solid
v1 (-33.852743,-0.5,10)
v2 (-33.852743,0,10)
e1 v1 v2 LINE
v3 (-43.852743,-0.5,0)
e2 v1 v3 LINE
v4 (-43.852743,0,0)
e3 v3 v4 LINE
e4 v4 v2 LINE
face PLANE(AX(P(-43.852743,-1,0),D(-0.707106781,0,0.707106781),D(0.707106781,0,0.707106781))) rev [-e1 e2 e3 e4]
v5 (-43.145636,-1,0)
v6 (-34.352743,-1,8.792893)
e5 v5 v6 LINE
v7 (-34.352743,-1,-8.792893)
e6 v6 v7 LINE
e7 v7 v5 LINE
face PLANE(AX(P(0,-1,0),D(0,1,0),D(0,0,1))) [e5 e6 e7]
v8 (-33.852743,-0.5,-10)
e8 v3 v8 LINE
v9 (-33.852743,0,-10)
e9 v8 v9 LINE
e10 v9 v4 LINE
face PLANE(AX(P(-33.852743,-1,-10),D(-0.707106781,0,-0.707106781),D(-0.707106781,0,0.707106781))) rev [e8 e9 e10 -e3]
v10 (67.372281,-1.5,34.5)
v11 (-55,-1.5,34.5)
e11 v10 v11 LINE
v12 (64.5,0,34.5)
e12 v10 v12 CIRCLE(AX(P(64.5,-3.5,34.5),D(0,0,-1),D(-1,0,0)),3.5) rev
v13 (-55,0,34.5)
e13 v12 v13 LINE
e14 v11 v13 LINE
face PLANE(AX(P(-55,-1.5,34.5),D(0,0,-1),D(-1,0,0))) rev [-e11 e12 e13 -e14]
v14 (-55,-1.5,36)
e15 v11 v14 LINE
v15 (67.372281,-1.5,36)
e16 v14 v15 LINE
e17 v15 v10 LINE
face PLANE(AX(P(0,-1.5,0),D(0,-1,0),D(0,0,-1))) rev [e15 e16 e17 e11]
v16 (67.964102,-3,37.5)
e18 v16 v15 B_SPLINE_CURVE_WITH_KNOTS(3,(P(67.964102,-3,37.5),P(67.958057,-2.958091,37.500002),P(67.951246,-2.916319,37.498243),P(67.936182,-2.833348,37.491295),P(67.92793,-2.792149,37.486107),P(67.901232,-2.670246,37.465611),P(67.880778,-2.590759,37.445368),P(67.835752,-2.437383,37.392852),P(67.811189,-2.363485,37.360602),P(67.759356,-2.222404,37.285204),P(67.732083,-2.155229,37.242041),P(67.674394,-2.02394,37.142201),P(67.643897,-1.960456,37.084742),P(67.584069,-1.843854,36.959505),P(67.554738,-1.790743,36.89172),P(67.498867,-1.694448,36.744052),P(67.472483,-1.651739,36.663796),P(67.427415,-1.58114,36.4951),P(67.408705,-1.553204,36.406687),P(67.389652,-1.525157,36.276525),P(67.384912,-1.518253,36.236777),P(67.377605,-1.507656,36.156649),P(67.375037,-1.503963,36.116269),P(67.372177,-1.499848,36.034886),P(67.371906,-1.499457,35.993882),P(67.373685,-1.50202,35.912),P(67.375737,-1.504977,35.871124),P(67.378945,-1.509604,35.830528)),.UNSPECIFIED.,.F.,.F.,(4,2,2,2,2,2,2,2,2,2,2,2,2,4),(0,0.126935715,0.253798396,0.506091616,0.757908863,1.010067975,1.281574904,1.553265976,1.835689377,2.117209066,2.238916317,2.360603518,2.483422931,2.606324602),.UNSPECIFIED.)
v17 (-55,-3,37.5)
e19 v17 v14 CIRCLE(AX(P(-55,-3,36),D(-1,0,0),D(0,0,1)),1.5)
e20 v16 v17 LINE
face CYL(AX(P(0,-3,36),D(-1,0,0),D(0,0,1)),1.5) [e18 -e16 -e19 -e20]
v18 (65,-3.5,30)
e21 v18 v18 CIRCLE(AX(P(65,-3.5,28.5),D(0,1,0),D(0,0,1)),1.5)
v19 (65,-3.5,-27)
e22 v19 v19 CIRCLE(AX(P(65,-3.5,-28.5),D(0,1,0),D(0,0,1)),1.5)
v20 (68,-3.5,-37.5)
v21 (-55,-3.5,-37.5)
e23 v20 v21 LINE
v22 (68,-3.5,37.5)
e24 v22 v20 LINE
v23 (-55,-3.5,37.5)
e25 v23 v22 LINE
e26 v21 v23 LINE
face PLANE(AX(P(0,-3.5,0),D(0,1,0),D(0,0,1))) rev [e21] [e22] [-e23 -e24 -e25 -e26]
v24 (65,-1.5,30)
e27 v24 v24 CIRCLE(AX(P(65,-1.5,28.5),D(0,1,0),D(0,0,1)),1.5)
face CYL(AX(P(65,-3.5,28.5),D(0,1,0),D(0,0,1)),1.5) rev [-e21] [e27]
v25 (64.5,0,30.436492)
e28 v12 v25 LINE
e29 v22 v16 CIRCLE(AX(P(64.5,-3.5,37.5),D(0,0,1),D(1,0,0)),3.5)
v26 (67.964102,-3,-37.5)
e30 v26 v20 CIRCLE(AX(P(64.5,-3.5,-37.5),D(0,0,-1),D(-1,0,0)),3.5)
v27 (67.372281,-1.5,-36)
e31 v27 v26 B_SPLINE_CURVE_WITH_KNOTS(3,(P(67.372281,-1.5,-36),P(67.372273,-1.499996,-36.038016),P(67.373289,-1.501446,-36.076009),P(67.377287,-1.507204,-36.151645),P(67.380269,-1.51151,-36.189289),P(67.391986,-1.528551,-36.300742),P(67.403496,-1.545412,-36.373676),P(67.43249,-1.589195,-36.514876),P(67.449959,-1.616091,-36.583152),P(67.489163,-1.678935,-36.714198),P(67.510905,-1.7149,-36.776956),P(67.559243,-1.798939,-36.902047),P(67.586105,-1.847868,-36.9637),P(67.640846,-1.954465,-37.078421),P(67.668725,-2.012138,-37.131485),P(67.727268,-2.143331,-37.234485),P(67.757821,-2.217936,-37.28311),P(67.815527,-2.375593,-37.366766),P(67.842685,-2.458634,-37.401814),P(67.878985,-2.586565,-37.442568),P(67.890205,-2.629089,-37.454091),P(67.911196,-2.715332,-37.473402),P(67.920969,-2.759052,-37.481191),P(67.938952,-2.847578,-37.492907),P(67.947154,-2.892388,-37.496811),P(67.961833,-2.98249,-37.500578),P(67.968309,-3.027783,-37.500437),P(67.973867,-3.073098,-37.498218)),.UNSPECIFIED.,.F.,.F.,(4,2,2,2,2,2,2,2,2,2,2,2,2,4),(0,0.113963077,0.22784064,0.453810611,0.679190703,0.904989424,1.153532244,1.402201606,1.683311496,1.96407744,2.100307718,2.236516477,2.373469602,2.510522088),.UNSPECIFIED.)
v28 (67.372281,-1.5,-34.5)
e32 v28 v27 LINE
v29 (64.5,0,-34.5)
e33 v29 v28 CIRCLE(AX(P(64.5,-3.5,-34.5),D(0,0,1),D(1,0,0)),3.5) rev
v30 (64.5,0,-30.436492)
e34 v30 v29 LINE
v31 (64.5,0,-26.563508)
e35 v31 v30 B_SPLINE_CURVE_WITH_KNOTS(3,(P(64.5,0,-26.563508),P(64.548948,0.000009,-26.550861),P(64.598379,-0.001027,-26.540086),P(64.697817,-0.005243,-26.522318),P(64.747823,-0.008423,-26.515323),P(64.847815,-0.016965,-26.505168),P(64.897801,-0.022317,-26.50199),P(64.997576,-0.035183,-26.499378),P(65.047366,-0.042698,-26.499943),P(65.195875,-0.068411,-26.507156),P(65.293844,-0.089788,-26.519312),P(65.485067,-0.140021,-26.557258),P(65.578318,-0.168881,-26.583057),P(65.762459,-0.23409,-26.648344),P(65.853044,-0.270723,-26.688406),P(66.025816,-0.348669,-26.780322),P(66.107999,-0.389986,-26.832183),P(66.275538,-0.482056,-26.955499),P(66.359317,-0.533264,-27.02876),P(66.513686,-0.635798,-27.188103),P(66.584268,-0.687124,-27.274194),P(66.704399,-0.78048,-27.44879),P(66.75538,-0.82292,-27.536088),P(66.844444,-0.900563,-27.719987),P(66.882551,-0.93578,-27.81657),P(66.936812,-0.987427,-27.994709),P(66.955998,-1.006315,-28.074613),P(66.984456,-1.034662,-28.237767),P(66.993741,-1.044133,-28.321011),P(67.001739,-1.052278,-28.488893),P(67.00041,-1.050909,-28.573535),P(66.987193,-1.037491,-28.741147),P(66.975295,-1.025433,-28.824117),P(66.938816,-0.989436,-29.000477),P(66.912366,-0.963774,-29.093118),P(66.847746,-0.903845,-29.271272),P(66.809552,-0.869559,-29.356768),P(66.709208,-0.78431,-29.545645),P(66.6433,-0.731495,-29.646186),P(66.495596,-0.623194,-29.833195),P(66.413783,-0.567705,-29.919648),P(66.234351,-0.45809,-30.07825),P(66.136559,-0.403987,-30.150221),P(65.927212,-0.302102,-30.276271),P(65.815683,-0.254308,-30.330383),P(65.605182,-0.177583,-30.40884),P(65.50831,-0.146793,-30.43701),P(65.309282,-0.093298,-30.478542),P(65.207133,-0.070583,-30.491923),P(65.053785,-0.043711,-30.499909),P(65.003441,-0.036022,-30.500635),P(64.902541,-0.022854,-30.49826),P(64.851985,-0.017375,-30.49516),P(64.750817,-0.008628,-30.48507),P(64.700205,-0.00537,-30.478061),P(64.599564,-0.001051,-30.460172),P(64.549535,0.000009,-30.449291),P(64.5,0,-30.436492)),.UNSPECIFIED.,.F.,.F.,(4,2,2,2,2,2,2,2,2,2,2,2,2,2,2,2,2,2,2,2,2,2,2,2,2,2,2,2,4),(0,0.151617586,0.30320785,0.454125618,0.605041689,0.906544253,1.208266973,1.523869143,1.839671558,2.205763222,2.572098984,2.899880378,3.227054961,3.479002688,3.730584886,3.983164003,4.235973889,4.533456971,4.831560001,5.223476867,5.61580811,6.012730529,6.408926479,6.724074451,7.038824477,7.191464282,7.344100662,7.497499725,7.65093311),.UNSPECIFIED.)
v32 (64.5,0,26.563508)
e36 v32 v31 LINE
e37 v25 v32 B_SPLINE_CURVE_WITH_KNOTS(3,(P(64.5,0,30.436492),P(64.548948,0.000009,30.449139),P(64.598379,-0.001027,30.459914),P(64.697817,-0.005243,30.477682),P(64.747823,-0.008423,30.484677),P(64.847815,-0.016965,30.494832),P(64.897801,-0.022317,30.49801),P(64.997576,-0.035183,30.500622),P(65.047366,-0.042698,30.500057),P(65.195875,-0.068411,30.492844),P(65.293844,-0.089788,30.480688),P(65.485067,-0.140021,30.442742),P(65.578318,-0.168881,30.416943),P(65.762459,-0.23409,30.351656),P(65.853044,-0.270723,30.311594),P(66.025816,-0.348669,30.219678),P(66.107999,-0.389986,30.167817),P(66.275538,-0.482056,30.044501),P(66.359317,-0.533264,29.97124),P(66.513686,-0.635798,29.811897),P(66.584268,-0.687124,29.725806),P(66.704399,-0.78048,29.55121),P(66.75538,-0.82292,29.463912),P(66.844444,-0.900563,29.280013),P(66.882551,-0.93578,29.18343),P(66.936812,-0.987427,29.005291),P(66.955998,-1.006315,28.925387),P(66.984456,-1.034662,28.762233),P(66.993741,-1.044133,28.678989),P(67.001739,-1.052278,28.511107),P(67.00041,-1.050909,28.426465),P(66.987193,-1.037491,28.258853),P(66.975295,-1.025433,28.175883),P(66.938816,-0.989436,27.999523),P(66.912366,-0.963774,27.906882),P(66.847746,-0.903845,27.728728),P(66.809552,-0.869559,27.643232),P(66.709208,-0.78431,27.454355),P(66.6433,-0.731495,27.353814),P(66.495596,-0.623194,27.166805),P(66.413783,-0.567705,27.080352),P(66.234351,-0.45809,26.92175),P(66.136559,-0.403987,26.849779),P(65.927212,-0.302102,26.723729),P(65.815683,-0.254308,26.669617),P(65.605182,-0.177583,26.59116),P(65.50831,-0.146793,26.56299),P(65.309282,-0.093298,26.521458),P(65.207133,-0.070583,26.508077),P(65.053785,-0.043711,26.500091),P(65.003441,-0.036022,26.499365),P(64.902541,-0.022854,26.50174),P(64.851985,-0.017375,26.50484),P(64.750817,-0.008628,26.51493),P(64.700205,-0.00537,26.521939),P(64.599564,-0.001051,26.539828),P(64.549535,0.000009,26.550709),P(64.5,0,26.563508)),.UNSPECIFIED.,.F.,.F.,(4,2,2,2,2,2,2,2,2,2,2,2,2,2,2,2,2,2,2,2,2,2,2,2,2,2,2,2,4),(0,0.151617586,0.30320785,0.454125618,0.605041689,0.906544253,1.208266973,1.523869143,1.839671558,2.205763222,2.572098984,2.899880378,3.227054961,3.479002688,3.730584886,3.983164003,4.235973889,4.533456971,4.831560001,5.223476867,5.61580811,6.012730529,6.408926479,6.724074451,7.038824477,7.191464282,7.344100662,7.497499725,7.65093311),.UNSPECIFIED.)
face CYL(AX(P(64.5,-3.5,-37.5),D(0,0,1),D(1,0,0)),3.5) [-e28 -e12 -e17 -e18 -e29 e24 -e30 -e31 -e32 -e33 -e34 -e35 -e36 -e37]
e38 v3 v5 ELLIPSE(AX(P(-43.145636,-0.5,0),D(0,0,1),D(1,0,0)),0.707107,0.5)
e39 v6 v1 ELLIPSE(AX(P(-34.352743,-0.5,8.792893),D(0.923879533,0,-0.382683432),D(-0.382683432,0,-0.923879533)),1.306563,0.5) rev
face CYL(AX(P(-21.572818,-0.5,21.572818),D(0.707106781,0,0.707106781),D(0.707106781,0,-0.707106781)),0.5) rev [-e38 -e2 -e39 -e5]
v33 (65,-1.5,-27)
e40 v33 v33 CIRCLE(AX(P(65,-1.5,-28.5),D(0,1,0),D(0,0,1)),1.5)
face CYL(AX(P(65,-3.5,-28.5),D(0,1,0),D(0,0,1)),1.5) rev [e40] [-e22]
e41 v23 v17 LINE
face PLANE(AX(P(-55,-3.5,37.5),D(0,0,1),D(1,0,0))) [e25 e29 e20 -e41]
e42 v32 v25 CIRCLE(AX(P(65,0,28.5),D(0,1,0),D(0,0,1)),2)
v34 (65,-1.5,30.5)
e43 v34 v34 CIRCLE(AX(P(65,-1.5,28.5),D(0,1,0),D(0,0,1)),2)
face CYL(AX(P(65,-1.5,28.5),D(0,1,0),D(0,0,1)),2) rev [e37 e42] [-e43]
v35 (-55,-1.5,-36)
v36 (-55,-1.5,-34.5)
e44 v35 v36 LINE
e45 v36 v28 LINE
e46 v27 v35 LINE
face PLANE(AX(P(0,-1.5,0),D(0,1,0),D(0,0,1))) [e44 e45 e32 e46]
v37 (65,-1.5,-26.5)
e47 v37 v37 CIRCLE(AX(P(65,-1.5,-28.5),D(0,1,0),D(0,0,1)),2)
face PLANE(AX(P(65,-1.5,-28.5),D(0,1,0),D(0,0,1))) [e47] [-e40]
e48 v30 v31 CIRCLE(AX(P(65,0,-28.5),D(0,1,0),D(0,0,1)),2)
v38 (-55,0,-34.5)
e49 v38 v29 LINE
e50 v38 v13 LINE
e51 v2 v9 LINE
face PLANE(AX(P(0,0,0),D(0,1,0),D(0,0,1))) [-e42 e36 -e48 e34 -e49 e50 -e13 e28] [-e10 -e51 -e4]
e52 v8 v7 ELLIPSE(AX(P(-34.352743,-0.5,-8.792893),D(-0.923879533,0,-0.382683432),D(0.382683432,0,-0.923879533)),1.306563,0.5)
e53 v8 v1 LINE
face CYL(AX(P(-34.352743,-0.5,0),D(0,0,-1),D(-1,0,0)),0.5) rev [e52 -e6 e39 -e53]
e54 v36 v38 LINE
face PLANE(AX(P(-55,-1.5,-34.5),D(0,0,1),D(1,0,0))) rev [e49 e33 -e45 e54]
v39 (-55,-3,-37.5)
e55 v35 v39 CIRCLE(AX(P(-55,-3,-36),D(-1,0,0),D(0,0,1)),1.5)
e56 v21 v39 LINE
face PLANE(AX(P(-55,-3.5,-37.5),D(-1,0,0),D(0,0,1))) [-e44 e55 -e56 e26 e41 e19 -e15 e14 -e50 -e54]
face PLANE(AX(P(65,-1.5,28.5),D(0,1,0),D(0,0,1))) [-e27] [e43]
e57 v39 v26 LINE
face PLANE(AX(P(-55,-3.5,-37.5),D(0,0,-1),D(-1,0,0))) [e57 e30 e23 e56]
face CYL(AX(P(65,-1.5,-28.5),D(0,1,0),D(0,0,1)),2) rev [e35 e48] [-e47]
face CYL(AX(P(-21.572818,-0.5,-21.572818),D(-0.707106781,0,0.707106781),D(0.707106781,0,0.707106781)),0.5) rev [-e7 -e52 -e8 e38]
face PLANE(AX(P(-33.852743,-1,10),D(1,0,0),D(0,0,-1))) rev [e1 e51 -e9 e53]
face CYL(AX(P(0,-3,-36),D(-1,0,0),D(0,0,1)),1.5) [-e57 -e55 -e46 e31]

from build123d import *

# Parameters (mm, degrees)
SKETCH1_W           = 123
SKETCH1_H           = 75
BOSS_EXTRUDE1_DEPTH = 3.5
SKETCH2_W           = 123
SKETCH2_H           = 3
CUT_EXTRUDE2_DEPTH  = 1.5
FILLET1_R           = 1.5
FILLET2_R           = 1.5
FILLET3_R           = 3.49999999
CUT_EXTRUDE3_DEPTH  = 1
FILLET4_R           = 0.5
SKETCH9_R           = 2
CUT_EXTRUDE4_DEPTH  = 1.5
SKETCH10_R          = 1.5
CUT_EXTRUDE5_DEPTH  = 78.733519294


with BuildPart() as part:
    # Sketch1 → Boss-Extrude1 (new body)
    with BuildSketch(Plane(origin=(0, 0, 0), x_dir=(1, 0, 0), z_dir=(0, 1, 0))):
        with Locations((6.5, 0)):
            Rectangle(SKETCH1_W, SKETCH1_H)
    extrude(amount=-BOSS_EXTRUDE1_DEPTH)

    # Sketch2 → Cut-Extrude2 (cut)
    with BuildSketch(Plane(origin=(0, 0, 0), x_dir=(1, 0, 0), z_dir=(0, 1, 0))):
        with Locations((6.5, 36)):
            Rectangle(SKETCH2_W, SKETCH2_H)
        with Locations((6.5, -36)):
            Rectangle(SKETCH2_W, SKETCH2_H)
    extrude(amount=-CUT_EXTRUDE2_DEPTH, mode=Mode.SUBTRACT)

    # Fillet1
    fillet1_edges = [part.edges().sort_by_distance(p)[0] for p in [
        (6.5, -1.5, 37.5),
    ]]
    fillet(fillet1_edges, radius=FILLET1_R)

    # Fillet2
    fillet2_edges = [part.edges().sort_by_distance(p)[0] for p in [
        (6.5, -1.5, -37.5),
    ]]
    fillet(fillet2_edges, radius=FILLET2_R)

    # Fillet3
    fillet3_edges = [part.edges().sort_by_distance(p)[0] for p in [
        (68, 0, 0),
    ]]
    fillet(fillet3_edges, radius=FILLET3_R)

    # Sketch3 → Cut-Extrude3 (cut)
    with BuildSketch(Plane(origin=(0, 0, 0), x_dir=(1, 0, 0), z_dir=(0, 1, 0))):
        Polygon((-43.852743062, 0), (-33.852743062, -10), (-33.852743062, 10), align=None)
    extrude(amount=-CUT_EXTRUDE3_DEPTH, mode=Mode.SUBTRACT)

    # Fillet4
    fillet4_edges = [part.edges().sort_by_distance(p)[0] for p in [
        (-38.852743062, -1, -5),
        (-33.852743062, -1, 0),
        (-38.852743062, -1, 5),
    ]]
    fillet(fillet4_edges, radius=FILLET4_R)

    # Sketch9 → Cut-Extrude4 (cut)
    with BuildSketch(Plane(origin=(0, 0, 0), x_dir=(1, 0, 0), z_dir=(0, 1, 0))):
        with Locations(Location((65, -28.5, 0), (0, 0, 270))):
            Circle(SKETCH9_R)
        with Locations(Location((65, 28.5, 0), (0, 0, 270))):
            Circle(SKETCH9_R)
    extrude(amount=-CUT_EXTRUDE4_DEPTH, mode=Mode.SUBTRACT)

    # Sketch10 → Cut-Extrude5 (cut, through all)
    with BuildSketch(Plane(origin=(0, 0, 0), x_dir=(1, 0, 0), z_dir=(0, 1, 0))):
        with Locations(Location((65, 28.5, 0), (0, 0, 270))):
            Circle(SKETCH10_R)
        with Locations(Location((65, -28.5, 0), (0, 0, 270))):
            Circle(SKETCH10_R)
    extrude(amount=-CUT_EXTRUDE5_DEPTH, mode=Mode.SUBTRACT)


solid = part.part
